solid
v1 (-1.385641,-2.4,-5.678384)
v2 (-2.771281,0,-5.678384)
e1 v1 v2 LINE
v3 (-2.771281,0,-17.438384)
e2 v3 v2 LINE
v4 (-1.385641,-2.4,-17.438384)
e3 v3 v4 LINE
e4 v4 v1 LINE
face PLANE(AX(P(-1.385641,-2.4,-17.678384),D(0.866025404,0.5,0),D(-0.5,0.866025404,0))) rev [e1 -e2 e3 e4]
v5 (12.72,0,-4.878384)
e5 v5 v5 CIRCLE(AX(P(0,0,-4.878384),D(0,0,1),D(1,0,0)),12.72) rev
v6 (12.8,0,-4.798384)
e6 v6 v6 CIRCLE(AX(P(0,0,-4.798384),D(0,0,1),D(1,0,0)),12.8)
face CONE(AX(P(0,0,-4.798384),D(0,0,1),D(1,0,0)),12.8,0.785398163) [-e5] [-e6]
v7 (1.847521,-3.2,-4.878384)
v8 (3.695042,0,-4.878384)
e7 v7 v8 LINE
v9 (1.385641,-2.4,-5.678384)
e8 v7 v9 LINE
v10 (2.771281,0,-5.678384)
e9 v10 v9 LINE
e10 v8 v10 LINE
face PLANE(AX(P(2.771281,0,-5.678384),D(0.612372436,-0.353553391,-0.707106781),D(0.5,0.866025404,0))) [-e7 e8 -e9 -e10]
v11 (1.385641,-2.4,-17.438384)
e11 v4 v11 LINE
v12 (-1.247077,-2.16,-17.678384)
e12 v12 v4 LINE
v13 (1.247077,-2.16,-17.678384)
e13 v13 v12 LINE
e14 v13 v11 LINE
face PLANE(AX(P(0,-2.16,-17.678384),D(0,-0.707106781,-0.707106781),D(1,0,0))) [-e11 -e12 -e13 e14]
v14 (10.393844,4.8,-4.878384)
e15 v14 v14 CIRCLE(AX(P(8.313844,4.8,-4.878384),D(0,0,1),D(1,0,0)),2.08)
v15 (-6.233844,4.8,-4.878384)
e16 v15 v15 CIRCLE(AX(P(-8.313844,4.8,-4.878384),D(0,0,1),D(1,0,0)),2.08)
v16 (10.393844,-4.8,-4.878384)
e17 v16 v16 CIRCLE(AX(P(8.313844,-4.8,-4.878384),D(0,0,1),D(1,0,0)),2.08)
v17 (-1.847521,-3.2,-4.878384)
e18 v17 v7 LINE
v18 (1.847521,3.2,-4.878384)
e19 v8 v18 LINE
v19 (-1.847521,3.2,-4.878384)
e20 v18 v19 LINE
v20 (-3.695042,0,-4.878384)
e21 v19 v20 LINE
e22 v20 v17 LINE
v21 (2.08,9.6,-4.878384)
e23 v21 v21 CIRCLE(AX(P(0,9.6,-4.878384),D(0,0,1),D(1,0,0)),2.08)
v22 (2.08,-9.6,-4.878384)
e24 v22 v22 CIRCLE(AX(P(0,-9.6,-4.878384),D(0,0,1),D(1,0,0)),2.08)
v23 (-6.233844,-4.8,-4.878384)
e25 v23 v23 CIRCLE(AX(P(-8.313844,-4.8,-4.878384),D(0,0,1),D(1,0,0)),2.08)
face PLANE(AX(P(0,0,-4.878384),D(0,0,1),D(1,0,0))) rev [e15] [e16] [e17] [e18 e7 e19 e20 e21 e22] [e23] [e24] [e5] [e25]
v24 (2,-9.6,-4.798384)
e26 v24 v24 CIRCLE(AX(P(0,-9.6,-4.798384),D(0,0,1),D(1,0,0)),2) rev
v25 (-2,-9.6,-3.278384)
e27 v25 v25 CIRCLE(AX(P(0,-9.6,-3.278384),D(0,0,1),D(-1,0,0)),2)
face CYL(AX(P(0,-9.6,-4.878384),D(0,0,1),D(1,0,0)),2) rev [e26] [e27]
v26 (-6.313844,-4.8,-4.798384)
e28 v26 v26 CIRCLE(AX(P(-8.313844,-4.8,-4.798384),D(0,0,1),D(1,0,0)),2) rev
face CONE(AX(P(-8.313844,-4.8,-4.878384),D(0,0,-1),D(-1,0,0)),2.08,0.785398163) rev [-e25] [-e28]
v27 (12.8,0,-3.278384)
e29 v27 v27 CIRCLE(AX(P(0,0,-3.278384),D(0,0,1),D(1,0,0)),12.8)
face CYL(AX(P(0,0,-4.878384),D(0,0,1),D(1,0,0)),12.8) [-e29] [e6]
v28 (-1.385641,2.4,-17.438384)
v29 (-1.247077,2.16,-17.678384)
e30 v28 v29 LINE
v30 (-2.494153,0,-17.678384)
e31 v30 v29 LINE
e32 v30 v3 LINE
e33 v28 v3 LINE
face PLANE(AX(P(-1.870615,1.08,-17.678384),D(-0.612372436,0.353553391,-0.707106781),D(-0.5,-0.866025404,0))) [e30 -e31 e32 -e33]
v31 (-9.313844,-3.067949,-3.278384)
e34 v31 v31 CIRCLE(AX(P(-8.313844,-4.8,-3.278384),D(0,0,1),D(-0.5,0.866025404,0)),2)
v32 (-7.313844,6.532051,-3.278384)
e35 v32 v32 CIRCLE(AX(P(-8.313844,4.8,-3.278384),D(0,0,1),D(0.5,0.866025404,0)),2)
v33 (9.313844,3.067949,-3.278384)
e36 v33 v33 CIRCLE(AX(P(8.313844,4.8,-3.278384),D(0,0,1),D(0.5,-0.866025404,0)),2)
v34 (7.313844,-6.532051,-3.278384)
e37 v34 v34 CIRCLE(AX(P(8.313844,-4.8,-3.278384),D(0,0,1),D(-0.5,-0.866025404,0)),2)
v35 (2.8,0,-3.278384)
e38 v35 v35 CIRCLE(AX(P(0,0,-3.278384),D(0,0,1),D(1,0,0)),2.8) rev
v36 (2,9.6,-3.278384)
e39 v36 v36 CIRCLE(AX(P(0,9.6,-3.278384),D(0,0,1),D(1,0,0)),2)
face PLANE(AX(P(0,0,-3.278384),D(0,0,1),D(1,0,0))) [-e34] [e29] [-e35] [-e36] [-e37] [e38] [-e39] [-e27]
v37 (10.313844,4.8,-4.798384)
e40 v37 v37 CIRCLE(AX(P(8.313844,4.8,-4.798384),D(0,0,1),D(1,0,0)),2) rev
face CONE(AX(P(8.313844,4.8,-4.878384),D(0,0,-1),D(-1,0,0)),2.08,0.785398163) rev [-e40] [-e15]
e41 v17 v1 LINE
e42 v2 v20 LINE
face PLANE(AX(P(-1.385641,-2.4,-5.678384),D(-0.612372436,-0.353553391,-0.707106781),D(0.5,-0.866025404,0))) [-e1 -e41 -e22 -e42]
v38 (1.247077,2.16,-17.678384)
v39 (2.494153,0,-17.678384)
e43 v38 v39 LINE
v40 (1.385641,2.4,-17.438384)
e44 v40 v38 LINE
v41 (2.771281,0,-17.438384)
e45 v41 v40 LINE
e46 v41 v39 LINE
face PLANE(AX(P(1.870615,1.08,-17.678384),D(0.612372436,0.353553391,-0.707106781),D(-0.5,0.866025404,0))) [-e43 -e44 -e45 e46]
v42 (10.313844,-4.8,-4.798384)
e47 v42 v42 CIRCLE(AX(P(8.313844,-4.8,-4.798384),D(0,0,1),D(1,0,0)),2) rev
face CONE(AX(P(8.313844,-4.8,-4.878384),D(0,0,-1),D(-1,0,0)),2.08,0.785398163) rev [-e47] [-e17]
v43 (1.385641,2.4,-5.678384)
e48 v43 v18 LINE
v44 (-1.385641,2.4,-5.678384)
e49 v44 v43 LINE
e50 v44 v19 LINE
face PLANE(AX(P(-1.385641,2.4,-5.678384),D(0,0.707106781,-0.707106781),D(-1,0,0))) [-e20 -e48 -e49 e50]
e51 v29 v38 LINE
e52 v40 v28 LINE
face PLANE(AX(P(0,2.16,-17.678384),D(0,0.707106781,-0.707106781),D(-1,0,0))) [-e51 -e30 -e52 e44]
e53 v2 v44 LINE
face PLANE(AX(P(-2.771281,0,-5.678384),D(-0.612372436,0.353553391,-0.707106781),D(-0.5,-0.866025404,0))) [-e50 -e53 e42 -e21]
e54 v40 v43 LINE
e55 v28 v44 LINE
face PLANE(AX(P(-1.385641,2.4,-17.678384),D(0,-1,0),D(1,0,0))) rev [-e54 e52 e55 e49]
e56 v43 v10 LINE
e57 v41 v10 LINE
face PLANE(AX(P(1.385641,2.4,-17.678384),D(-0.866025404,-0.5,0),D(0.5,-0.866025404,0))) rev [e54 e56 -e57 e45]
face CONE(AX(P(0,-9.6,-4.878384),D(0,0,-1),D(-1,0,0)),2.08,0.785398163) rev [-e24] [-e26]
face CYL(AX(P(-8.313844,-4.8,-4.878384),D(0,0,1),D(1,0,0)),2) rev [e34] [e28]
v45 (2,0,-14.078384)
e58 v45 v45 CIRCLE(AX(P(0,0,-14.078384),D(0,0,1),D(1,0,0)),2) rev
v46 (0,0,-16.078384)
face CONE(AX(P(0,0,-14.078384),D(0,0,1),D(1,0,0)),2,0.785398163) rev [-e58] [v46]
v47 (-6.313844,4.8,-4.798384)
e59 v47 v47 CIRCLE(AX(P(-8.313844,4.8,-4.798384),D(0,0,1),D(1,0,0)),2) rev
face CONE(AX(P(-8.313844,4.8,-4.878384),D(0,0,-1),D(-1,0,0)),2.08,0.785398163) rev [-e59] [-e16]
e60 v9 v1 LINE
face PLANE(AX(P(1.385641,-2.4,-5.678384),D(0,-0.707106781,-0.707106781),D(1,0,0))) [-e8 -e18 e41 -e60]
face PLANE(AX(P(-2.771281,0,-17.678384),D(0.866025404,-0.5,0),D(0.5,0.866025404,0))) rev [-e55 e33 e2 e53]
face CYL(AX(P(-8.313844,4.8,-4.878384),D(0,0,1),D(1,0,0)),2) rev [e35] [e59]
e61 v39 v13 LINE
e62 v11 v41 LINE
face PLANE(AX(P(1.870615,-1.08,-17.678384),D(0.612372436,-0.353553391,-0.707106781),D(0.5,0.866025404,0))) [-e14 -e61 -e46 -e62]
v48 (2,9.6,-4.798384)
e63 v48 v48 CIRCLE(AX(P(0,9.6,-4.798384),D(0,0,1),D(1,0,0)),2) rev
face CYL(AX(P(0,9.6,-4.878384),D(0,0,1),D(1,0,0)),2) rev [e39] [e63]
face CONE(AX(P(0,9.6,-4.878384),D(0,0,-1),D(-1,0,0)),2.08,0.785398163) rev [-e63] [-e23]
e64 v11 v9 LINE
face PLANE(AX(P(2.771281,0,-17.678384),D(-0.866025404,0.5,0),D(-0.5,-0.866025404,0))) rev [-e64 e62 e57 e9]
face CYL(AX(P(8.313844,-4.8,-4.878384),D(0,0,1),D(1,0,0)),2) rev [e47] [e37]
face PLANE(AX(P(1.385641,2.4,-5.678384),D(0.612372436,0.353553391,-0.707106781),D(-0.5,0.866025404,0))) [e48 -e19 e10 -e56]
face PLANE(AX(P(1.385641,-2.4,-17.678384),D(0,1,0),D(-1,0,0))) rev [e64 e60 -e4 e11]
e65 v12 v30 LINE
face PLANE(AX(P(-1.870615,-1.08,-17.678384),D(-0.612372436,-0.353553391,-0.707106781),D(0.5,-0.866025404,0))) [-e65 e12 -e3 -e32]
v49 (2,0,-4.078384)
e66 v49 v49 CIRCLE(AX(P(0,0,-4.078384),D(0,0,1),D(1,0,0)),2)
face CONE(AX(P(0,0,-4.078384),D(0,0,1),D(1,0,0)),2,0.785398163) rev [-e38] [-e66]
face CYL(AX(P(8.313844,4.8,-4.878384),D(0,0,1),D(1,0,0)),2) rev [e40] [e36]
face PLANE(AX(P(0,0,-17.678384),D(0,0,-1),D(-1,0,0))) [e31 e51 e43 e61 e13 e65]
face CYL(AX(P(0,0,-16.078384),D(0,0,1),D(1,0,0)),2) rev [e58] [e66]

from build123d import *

# Parameters (mm, degrees)
SKETCH1_R           = 32
BOSS_EXTRUDE1_DEPTH = 4
SKETCH2_R           = 5
CUT_EXTRUDE1_DEPTH  = 46.431266766
CIRPATTERN1_COUNT   = 6
BOSS_EXTRUDE2_DEPTH = 32
CHAMFER1_SIZE       = 2
CHAMFER2_SIZE       = 0.2
SKETCH4_R           = 5
CUT_EXTRUDE2_DEPTH  = 32
CHAMFER3_SIZE       = 0.6
CHAMFER4_SIZE       = 5
CHAMFER5_SIZE       = 2
SCALE1_SCALE        = 0.4


with BuildPart() as part:
    # Sketch1 → Boss-Extrude1 (new body)
    with BuildSketch(Plane.XY):
        Circle(SKETCH1_R)
    extrude(amount=-BOSS_EXTRUDE1_DEPTH)

    # Sketch2 → Cut-Extrude1 (cut, through all)
    with BuildSketch(Plane.XY):
        with Locations((0, 24)):
            Circle(SKETCH2_R)
    cut_extrude1 = extrude(amount=-CUT_EXTRUDE1_DEPTH, mode=Mode.SUBTRACT)

    # CirPattern1: Cut-Extrude1 ×6 about axis
    cirpattern1_axis = Axis((0, 0, 0), (0, 0, 1))
    for i in range(1, CIRPATTERN1_COUNT):
        add(cut_extrude1.rotate(cirpattern1_axis, i * 360 / CIRPATTERN1_COUNT), mode=Mode.SUBTRACT)

    # Sketch3 → Boss-Extrude2 (add)
    with BuildSketch(Plane(origin=(0, 0, -4), x_dir=(-1, 0, 0), z_dir=(0, 0, -1))):
        Polygon((-3.464101615, 6), (-6.92820323, 0), (-3.464101615, -6), (3.464101615, -6), (6.92820323, 0), (3.464101615, 6), align=None)
    extrude(amount=BOSS_EXTRUDE2_DEPTH)

    # Chamfer1
    chamfer1_edges = [part.edges().sort_by_distance(p)[0] for p in [
        (0, 6, -4),
        (5.196152423, 3, -4),
        (5.196152423, -3, -4),
        (0, -6, -4),
        (-5.196152423, -3, -4),
        (-5.196152423, 3, -4),
    ]]
    chamfer(chamfer1_edges, length=CHAMFER1_SIZE)

    # Chamfer2
    chamfer2_edges = [part.edges().sort_by_distance(p)[0] for p in [
        (-23.284609691, 7.669872981, -4),
        (-18.284609691, -16.330127019, -4),
        (5, -24, -4),
        (23.284609691, -7.669872981, -4),
        (18.284609691, 16.330127019, -4),
        (-32, 0, -4),
        (-5, 24, -4),
    ]]
    chamfer(chamfer2_edges, length=CHAMFER2_SIZE)

    # Sketch4 → Cut-Extrude2 (cut)
    with BuildSketch(Plane.XY):
        Circle(SKETCH4_R)
    extrude(amount=-CUT_EXTRUDE2_DEPTH, mode=Mode.SUBTRACT)

    # Chamfer3
    chamfer3_edges = [part.edges().sort_by_distance(p)[0] for p in [
        (0, 6, -36),
        (5.196152423, 3, -36),
        (5.196152423, -3, -36),
        (0, -6, -36),
        (-5.196152423, -3, -36),
        (-5.196152423, 3, -36),
    ]]
    chamfer(chamfer3_edges, length=CHAMFER3_SIZE)

    # Chamfer4
    chamfer4_edges = [part.edges().sort_by_distance(p)[0] for p in [
        (-5, 0, -32),
    ]]
    chamfer(chamfer4_edges, length=CHAMFER4_SIZE)

    # Chamfer5
    chamfer5_edges = [part.edges().sort_by_distance(p)[0] for p in [
        (-5, 0, 0),
    ]]
    chamfer(chamfer5_edges, length=CHAMFER5_SIZE)


with BuildPart() as part_1:
    # Scale1: scaled about (0, 0, -5.463972753)
    add(part.part.scale(SCALE1_SCALE).moved(Location((0, 0, -3.278383652))))


solid = part_1.part
